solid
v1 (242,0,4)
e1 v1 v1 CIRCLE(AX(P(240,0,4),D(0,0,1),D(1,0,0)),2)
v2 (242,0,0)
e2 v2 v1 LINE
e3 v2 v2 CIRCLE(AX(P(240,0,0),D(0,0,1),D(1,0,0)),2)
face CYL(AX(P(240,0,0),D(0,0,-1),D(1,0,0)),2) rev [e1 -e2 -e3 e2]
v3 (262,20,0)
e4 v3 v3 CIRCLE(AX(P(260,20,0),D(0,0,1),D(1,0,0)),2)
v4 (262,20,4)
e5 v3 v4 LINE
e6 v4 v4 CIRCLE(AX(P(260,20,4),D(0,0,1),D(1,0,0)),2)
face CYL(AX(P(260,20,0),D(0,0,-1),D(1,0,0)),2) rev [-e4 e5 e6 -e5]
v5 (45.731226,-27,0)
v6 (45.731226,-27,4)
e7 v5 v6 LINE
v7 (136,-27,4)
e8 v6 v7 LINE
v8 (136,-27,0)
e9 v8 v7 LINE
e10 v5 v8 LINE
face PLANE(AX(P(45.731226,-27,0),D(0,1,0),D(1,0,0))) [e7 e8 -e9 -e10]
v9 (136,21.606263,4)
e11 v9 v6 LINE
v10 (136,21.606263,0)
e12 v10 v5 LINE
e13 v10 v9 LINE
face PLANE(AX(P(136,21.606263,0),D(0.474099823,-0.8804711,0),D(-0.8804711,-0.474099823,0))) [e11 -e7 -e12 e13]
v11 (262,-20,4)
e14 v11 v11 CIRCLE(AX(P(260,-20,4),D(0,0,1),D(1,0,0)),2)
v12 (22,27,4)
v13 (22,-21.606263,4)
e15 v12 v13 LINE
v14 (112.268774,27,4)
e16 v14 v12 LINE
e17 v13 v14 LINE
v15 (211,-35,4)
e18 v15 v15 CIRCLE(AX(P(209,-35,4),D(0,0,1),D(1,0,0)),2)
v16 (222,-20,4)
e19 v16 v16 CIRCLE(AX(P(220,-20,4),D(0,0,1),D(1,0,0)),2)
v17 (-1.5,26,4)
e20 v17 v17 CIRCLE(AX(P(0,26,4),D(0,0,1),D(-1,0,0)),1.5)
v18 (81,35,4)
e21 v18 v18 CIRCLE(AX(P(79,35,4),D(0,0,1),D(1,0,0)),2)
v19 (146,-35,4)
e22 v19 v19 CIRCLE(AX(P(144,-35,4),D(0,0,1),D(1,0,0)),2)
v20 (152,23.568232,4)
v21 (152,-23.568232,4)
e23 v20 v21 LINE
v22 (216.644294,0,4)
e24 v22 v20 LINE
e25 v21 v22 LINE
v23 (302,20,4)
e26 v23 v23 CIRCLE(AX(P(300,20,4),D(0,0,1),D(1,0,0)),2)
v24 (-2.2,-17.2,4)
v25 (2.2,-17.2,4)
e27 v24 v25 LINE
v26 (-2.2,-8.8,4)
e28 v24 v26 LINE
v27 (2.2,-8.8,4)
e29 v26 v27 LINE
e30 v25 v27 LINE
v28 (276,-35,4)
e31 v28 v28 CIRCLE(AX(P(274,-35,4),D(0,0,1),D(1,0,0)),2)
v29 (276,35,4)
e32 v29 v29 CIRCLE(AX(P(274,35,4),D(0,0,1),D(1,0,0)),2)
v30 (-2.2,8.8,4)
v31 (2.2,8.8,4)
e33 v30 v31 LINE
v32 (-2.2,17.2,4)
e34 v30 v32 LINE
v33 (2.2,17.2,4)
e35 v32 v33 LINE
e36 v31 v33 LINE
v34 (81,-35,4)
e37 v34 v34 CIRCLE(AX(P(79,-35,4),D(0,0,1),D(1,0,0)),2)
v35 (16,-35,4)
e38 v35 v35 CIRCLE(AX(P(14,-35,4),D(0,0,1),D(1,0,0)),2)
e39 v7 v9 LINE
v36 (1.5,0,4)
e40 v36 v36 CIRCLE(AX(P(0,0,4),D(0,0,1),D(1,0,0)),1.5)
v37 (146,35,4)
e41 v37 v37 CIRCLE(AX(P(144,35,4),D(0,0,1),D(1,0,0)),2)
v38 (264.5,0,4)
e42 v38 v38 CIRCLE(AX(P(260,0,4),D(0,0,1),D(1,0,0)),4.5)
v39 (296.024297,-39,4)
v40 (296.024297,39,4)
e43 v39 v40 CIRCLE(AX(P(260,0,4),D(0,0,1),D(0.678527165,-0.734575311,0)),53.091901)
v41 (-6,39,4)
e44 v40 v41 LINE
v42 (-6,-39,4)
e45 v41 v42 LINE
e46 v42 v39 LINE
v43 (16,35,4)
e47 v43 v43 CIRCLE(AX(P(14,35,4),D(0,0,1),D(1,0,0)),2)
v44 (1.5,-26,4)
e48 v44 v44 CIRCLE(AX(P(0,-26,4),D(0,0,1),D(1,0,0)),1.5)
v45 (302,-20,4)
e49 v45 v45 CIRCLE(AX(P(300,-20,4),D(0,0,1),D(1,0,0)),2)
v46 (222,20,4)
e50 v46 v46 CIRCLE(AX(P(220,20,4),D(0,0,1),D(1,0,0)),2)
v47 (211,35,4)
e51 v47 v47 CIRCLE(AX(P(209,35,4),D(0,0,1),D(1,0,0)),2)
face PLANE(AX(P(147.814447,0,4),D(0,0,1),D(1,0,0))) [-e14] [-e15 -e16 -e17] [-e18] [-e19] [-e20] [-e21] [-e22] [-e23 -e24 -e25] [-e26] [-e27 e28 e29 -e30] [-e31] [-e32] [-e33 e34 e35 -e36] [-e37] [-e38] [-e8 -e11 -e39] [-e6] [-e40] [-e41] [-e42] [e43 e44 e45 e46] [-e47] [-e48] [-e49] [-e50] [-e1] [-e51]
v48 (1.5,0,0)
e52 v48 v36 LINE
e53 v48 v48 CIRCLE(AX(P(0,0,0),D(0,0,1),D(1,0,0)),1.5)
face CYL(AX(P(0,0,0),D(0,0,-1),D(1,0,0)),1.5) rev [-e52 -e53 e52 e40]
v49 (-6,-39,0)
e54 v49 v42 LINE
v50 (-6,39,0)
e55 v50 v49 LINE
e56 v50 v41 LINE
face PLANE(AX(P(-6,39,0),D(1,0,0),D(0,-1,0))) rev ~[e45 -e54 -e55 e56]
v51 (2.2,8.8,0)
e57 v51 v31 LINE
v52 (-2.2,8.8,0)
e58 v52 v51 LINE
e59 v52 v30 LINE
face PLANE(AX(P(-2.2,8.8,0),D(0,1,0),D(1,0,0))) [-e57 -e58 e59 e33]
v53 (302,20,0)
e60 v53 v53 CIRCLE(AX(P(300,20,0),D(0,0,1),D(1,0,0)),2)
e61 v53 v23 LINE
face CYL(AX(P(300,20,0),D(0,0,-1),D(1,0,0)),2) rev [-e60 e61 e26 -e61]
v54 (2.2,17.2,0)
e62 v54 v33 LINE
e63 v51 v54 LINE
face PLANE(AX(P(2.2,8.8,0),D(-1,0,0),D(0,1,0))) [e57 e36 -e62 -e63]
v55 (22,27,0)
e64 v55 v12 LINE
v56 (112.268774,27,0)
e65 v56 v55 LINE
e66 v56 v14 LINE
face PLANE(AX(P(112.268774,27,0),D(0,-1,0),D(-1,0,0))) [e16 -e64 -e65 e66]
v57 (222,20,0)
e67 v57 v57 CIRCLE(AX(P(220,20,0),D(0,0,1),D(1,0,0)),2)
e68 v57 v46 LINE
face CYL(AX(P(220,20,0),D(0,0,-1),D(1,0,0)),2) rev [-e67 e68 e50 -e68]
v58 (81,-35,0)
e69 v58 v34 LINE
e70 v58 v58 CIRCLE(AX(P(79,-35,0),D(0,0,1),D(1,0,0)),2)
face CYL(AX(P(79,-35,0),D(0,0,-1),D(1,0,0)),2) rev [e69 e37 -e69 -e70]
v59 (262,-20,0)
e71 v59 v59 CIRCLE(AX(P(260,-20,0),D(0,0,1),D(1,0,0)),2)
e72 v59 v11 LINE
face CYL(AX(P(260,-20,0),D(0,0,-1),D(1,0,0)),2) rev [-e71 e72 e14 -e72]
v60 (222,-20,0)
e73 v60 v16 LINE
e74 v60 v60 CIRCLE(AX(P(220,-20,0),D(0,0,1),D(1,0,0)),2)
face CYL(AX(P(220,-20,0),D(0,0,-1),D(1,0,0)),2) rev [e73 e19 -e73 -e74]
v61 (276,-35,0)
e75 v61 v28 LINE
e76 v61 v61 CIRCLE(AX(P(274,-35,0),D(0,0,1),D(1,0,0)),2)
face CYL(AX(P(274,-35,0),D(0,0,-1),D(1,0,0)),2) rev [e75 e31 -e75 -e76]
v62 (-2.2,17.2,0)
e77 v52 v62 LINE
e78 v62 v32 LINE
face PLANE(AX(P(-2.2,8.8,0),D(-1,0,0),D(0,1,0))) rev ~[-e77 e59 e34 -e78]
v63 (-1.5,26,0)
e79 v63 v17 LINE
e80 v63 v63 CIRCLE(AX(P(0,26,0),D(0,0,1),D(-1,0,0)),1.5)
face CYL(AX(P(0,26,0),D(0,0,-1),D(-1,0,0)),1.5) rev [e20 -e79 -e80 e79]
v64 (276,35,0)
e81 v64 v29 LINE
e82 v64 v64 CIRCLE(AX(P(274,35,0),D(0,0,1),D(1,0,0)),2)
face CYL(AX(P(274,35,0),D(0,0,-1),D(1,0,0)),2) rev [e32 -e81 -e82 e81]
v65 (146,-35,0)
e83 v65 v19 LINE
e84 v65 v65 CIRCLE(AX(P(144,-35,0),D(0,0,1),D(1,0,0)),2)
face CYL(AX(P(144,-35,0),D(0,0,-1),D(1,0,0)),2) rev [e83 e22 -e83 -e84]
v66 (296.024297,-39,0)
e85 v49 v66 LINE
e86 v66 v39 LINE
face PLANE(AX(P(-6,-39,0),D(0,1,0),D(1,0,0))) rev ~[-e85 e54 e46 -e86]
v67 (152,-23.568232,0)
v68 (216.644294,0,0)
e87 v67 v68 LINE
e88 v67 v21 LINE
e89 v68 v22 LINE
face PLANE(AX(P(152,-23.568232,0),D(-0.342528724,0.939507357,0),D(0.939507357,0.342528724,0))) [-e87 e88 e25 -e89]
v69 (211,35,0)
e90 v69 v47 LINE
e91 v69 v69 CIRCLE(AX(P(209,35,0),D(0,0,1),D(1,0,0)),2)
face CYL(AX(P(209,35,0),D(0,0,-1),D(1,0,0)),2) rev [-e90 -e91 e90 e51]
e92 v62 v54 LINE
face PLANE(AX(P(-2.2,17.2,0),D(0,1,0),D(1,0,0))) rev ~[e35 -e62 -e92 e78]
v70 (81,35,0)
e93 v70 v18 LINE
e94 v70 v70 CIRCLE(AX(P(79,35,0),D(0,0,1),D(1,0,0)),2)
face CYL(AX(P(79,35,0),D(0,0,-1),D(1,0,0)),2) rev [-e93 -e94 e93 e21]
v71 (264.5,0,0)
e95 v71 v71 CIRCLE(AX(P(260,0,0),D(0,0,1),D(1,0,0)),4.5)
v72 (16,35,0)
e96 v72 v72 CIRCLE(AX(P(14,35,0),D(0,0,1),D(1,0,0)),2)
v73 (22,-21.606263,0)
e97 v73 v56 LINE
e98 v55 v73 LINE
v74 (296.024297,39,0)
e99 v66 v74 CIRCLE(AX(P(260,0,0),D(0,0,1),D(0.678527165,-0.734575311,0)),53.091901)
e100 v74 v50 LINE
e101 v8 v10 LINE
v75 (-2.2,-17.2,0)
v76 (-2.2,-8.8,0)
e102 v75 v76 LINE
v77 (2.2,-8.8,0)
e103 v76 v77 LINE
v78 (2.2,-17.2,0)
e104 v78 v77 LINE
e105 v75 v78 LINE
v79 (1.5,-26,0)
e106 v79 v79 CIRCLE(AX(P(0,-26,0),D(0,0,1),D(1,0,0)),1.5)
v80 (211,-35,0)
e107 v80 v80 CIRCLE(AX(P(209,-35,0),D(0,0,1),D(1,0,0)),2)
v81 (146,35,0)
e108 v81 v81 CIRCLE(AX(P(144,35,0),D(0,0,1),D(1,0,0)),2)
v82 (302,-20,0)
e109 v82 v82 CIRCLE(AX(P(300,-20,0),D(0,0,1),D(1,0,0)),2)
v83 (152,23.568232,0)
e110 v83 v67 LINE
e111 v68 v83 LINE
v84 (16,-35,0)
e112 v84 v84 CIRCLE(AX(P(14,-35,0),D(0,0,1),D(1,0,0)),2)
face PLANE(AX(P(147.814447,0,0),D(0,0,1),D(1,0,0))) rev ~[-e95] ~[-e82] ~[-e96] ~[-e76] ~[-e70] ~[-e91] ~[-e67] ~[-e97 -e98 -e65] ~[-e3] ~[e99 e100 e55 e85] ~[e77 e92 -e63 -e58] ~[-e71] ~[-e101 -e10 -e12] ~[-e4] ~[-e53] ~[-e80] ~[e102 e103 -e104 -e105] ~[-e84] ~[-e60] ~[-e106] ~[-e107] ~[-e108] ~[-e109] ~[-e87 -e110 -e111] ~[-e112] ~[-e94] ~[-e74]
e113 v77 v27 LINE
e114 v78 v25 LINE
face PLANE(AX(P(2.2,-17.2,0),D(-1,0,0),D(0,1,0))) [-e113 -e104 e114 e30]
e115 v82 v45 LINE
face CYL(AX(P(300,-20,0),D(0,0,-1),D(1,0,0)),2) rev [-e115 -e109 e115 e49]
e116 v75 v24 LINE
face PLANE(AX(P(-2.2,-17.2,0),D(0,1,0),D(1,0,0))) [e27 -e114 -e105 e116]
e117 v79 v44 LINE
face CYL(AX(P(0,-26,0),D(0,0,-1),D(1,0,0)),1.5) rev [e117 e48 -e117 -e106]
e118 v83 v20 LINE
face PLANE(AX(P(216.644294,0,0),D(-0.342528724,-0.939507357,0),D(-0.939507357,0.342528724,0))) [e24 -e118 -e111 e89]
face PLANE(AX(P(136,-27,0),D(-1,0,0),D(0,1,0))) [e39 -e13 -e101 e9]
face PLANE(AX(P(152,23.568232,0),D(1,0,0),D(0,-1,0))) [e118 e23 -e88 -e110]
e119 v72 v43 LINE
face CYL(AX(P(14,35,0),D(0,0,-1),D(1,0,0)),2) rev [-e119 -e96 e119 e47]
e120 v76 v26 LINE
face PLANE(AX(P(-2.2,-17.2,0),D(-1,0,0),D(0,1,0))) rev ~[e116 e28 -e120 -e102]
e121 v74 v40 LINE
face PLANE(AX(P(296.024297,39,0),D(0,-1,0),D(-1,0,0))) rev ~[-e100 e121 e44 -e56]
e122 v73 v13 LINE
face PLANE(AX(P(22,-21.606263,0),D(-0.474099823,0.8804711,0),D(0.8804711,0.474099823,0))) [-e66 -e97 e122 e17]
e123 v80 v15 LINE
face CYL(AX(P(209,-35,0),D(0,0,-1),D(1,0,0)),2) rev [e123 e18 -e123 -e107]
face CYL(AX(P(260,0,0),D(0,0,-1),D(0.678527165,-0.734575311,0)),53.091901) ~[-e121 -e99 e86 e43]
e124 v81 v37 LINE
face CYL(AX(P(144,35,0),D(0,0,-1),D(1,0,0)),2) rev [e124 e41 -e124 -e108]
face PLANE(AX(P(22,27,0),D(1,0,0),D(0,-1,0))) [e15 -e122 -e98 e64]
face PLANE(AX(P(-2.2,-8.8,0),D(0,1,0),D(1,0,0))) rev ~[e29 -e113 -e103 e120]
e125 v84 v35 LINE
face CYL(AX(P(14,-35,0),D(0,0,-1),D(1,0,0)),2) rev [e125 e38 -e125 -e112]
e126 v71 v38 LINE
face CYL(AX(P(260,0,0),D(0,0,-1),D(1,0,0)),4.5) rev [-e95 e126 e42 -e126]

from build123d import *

# Parameters (mm, degrees)
SKETCH_1_R      = 1.5
SKETCH_1_R_2    = 4.5
SKETCH_1_R_3    = 2
SKETCH_1_W      = 4.4
SKETCH_1_H      = 8.4
EXTRUDE_1_DEPTH = 4


with BuildPart() as part:
    # 草图1 → 凸台-拉伸1 (new body)
    with BuildSketch(Plane.XY):
        with BuildLine():
            Line((-6, 39), (-6, -39))
            Line((-6, -39), (296.024297356, -39))
            ThreePointArc((296.024297356, -39), (313.091901454, 0), (296.024297356, 39))
            Line((296.024297356, 39), (-6, 39))
        make_face()
        Circle(SKETCH_1_R, mode=Mode.SUBTRACT)
        with Locations(Location((0, 26, 0), (0, 0, 180))):
            Circle(SKETCH_1_R, mode=Mode.SUBTRACT)
        with Locations((0, -26)):
            Circle(SKETCH_1_R, mode=Mode.SUBTRACT)
        with Locations((260, 0)):
            Circle(SKETCH_1_R_2, mode=Mode.SUBTRACT)
        with Locations((260, 20)):
            Circle(SKETCH_1_R_3, mode=Mode.SUBTRACT)
        with Locations((240, 0)):
            Circle(SKETCH_1_R_3, mode=Mode.SUBTRACT)
        with Locations((300, 20)):
            Circle(SKETCH_1_R_3, mode=Mode.SUBTRACT)
        with Locations((300, -20)):
            Circle(SKETCH_1_R_3, mode=Mode.SUBTRACT)
        with Locations((220, 20)):
            Circle(SKETCH_1_R_3, mode=Mode.SUBTRACT)
        with Locations((220, -20)):
            Circle(SKETCH_1_R_3, mode=Mode.SUBTRACT)
        with Locations((260, -20)):
            Circle(SKETCH_1_R_3, mode=Mode.SUBTRACT)
        with Locations((274, -35)):
            Circle(SKETCH_1_R_3, mode=Mode.SUBTRACT)
        with Locations((209, -35)):
            Circle(SKETCH_1_R_3, mode=Mode.SUBTRACT)
        with Locations((144, -35)):
            Circle(SKETCH_1_R_3, mode=Mode.SUBTRACT)
        with Locations((79, -35)):
            Circle(SKETCH_1_R_3, mode=Mode.SUBTRACT)
        with Locations((14, -35)):
            Circle(SKETCH_1_R_3, mode=Mode.SUBTRACT)
        with Locations((209, 35)):
            Circle(SKETCH_1_R_3, mode=Mode.SUBTRACT)
        with Locations((144, 35)):
            Circle(SKETCH_1_R_3, mode=Mode.SUBTRACT)
        with Locations((79, 35)):
            Circle(SKETCH_1_R_3, mode=Mode.SUBTRACT)
        with Locations((14, 35)):
            Circle(SKETCH_1_R_3, mode=Mode.SUBTRACT)
        with Locations((274, 35)):
            Circle(SKETCH_1_R_3, mode=Mode.SUBTRACT)
        with Locations((0, 13)):
            Rectangle(SKETCH_1_W, SKETCH_1_H, mode=Mode.SUBTRACT)
        with Locations((0, -13)):
            Rectangle(SKETCH_1_W, SKETCH_1_H, mode=Mode.SUBTRACT)
        Polygon((22, -21.606262732), (112.268773645, 27), (22, 27), align=None, mode=Mode.SUBTRACT)
        Polygon((45.731226355, -27), (136, -27), (136, 21.606262732), align=None, mode=Mode.SUBTRACT)
        Polygon((152, -23.568232368), (216.644294496, 0), (152, 23.568232368), align=None, mode=Mode.SUBTRACT)
    extrude(amount=EXTRUDE_1_DEPTH)


solid = part.part
